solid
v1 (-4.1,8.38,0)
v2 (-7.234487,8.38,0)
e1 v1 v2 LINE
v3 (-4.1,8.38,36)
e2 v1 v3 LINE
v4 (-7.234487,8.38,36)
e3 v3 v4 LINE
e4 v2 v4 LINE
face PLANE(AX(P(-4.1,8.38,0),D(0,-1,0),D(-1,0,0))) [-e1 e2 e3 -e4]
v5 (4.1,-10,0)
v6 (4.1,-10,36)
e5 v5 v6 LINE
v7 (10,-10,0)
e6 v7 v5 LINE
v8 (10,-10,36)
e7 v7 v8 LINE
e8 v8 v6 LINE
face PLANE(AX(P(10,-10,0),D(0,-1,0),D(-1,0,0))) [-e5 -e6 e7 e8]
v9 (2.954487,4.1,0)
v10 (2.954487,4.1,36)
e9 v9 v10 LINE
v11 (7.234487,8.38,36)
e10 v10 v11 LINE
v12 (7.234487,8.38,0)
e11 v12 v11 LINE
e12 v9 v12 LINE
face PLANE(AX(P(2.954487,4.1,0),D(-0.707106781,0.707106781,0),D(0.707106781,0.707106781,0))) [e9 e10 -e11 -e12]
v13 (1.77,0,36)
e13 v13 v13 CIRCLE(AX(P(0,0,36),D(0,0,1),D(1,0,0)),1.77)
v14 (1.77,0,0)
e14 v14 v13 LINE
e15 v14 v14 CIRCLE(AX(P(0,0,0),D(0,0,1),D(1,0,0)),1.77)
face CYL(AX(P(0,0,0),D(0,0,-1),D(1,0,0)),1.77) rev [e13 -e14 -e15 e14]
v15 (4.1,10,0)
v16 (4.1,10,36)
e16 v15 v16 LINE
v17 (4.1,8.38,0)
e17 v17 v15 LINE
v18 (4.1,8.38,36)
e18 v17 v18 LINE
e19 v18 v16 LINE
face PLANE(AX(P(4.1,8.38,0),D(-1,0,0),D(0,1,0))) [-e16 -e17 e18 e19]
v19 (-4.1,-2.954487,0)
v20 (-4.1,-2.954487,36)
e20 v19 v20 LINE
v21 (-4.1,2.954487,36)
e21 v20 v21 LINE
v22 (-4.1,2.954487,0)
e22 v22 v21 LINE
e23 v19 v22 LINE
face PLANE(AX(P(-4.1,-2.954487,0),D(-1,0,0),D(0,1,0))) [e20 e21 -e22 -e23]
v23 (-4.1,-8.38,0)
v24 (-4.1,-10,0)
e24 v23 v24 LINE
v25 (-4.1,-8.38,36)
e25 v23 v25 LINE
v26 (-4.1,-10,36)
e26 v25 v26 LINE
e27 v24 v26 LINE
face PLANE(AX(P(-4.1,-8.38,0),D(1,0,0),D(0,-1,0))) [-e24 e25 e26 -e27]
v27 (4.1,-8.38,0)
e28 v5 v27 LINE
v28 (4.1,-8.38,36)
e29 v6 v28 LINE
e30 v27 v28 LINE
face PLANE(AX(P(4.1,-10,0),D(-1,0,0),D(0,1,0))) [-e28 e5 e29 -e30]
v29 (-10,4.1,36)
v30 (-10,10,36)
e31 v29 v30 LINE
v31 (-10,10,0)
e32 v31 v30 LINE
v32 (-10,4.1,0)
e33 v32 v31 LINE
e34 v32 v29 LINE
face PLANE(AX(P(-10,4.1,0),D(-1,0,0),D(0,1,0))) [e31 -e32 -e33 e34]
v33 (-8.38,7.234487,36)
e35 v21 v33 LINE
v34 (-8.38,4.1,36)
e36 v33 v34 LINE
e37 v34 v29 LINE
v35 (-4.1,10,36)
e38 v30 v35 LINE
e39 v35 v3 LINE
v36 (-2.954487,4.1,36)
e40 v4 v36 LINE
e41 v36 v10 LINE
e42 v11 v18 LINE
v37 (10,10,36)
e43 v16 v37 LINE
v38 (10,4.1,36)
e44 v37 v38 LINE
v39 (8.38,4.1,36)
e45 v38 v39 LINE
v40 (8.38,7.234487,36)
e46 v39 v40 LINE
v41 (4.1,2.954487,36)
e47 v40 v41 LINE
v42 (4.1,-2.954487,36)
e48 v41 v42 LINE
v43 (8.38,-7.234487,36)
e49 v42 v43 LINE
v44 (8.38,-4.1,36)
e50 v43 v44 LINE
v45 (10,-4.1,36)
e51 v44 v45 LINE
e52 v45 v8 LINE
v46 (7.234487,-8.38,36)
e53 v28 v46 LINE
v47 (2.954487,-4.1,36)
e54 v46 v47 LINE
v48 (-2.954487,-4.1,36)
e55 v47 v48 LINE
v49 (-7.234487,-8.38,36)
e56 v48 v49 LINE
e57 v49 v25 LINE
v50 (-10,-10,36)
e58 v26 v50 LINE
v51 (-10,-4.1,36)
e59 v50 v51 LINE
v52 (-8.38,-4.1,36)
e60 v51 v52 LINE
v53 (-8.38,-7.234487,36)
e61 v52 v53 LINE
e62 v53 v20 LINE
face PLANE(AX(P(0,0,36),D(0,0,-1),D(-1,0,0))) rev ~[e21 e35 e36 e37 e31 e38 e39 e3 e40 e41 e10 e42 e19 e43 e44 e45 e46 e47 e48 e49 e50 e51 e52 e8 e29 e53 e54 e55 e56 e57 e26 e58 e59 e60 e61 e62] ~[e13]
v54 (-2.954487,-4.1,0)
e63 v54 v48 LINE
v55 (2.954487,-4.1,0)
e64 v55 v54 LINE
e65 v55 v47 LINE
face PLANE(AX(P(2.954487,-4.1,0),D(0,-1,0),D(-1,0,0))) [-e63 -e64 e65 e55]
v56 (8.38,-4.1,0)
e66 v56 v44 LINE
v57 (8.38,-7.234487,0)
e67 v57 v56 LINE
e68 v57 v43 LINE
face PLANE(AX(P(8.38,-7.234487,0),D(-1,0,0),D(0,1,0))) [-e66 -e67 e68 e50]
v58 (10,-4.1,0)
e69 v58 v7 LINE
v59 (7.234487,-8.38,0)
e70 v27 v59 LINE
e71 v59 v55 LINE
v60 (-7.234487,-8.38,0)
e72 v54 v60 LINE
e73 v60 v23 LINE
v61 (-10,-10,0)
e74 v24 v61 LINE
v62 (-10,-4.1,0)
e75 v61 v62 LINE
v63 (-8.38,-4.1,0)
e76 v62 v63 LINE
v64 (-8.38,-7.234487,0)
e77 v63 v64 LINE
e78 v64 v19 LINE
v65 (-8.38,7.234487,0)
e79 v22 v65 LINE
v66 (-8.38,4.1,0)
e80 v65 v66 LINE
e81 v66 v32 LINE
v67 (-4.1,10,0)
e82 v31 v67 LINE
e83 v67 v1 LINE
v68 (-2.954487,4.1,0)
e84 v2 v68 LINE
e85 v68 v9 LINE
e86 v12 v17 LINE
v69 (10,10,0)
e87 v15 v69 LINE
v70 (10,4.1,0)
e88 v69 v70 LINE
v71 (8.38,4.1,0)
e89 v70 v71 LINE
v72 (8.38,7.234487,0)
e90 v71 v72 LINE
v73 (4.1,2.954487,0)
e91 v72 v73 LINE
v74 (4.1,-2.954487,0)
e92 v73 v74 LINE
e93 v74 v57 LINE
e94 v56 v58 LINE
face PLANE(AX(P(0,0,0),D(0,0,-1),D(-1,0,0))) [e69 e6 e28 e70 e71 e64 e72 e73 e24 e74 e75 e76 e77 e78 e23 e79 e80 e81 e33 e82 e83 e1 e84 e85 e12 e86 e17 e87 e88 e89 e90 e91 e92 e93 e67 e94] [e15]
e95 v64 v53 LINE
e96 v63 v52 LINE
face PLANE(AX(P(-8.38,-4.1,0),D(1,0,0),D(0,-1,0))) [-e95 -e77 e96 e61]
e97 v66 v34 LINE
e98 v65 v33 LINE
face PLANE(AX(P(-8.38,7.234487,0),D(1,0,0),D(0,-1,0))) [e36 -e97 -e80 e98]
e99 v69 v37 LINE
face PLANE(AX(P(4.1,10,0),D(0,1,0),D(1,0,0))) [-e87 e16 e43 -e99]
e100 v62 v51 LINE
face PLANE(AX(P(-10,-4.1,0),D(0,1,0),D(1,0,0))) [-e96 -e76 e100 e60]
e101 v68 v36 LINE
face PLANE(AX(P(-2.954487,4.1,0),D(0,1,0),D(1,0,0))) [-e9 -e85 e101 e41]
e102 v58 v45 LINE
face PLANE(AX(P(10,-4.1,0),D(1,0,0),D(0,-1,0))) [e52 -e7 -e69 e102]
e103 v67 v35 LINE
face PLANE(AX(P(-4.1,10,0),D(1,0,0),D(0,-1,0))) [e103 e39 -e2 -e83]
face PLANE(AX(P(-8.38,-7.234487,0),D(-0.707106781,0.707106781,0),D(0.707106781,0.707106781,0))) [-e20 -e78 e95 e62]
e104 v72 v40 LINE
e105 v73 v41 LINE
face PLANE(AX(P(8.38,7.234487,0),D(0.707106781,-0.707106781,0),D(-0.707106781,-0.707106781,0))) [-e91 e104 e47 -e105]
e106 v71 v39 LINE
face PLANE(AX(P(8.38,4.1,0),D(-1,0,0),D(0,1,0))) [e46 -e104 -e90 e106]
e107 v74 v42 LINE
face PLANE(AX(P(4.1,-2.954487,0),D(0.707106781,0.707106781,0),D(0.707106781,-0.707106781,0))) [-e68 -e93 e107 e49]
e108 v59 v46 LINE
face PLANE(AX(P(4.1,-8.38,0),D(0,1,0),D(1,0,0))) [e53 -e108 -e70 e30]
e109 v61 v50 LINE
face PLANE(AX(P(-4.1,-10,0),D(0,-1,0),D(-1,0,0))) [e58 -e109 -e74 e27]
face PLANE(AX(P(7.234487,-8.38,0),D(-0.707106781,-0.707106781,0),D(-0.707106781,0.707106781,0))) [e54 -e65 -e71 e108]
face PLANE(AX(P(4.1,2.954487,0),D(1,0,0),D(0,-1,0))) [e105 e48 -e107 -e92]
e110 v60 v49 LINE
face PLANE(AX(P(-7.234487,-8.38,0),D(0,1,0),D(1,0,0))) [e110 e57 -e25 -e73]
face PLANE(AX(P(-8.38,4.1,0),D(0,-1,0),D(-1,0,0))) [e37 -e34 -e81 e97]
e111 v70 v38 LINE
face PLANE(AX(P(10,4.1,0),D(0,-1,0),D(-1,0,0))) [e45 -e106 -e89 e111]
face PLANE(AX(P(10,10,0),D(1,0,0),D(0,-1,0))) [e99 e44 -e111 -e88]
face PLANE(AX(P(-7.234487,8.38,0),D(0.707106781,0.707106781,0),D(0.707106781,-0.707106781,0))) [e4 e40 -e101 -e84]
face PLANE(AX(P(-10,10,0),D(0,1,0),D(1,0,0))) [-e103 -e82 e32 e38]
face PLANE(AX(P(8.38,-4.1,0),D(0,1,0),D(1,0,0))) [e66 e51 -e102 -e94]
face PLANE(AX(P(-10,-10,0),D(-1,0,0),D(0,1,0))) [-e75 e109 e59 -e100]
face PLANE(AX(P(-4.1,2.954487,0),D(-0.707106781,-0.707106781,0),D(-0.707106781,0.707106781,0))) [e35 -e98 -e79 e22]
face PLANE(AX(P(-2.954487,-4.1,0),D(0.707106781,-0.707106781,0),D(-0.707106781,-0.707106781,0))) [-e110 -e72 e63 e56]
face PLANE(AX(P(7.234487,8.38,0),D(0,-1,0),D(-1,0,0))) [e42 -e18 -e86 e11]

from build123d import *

# Parameters (mm, degrees)
SKETCH1_R           = 1.77
BOSS_EXTRUDE1_DEPTH = 36


with BuildPart() as part:
    # Sketch1 → Boss-Extrude1 (new body)
    with BuildSketch(Plane.XY):
        Polygon((-8.38, 4.1), (-10, 4.1), (-10, 10), (-4.1, 10), (-4.1, 8.38), (-7.234487014, 8.38), (-2.954487014, 4.1), (2.954487014, 4.1), (7.234487014, 8.38), (4.1, 8.38), (4.1, 10), (10, 10), (10, 4.1), (8.38, 4.1), (8.38, 7.234487014), (4.1, 2.954487014), (4.1, -2.954487014), (8.38, -7.234487014), (8.38, -4.1), (10, -4.1), (10, -10), (4.1, -10), (4.1, -8.38), (7.234487014, -8.38), (2.954487014, -4.1), (-2.954487014, -4.1), (-7.234487014, -8.38), (-4.1, -8.38), (-4.1, -10), (-10, -10), (-10, -4.1), (-8.38, -4.1), (-8.38, -7.234487014), (-4.1, -2.954487014), (-4.1, 2.954487014), (-8.38, 7.234487014), align=None)
        Circle(SKETCH1_R, mode=Mode.SUBTRACT)
    extrude(amount=BOSS_EXTRUDE1_DEPTH)


solid = part.part
